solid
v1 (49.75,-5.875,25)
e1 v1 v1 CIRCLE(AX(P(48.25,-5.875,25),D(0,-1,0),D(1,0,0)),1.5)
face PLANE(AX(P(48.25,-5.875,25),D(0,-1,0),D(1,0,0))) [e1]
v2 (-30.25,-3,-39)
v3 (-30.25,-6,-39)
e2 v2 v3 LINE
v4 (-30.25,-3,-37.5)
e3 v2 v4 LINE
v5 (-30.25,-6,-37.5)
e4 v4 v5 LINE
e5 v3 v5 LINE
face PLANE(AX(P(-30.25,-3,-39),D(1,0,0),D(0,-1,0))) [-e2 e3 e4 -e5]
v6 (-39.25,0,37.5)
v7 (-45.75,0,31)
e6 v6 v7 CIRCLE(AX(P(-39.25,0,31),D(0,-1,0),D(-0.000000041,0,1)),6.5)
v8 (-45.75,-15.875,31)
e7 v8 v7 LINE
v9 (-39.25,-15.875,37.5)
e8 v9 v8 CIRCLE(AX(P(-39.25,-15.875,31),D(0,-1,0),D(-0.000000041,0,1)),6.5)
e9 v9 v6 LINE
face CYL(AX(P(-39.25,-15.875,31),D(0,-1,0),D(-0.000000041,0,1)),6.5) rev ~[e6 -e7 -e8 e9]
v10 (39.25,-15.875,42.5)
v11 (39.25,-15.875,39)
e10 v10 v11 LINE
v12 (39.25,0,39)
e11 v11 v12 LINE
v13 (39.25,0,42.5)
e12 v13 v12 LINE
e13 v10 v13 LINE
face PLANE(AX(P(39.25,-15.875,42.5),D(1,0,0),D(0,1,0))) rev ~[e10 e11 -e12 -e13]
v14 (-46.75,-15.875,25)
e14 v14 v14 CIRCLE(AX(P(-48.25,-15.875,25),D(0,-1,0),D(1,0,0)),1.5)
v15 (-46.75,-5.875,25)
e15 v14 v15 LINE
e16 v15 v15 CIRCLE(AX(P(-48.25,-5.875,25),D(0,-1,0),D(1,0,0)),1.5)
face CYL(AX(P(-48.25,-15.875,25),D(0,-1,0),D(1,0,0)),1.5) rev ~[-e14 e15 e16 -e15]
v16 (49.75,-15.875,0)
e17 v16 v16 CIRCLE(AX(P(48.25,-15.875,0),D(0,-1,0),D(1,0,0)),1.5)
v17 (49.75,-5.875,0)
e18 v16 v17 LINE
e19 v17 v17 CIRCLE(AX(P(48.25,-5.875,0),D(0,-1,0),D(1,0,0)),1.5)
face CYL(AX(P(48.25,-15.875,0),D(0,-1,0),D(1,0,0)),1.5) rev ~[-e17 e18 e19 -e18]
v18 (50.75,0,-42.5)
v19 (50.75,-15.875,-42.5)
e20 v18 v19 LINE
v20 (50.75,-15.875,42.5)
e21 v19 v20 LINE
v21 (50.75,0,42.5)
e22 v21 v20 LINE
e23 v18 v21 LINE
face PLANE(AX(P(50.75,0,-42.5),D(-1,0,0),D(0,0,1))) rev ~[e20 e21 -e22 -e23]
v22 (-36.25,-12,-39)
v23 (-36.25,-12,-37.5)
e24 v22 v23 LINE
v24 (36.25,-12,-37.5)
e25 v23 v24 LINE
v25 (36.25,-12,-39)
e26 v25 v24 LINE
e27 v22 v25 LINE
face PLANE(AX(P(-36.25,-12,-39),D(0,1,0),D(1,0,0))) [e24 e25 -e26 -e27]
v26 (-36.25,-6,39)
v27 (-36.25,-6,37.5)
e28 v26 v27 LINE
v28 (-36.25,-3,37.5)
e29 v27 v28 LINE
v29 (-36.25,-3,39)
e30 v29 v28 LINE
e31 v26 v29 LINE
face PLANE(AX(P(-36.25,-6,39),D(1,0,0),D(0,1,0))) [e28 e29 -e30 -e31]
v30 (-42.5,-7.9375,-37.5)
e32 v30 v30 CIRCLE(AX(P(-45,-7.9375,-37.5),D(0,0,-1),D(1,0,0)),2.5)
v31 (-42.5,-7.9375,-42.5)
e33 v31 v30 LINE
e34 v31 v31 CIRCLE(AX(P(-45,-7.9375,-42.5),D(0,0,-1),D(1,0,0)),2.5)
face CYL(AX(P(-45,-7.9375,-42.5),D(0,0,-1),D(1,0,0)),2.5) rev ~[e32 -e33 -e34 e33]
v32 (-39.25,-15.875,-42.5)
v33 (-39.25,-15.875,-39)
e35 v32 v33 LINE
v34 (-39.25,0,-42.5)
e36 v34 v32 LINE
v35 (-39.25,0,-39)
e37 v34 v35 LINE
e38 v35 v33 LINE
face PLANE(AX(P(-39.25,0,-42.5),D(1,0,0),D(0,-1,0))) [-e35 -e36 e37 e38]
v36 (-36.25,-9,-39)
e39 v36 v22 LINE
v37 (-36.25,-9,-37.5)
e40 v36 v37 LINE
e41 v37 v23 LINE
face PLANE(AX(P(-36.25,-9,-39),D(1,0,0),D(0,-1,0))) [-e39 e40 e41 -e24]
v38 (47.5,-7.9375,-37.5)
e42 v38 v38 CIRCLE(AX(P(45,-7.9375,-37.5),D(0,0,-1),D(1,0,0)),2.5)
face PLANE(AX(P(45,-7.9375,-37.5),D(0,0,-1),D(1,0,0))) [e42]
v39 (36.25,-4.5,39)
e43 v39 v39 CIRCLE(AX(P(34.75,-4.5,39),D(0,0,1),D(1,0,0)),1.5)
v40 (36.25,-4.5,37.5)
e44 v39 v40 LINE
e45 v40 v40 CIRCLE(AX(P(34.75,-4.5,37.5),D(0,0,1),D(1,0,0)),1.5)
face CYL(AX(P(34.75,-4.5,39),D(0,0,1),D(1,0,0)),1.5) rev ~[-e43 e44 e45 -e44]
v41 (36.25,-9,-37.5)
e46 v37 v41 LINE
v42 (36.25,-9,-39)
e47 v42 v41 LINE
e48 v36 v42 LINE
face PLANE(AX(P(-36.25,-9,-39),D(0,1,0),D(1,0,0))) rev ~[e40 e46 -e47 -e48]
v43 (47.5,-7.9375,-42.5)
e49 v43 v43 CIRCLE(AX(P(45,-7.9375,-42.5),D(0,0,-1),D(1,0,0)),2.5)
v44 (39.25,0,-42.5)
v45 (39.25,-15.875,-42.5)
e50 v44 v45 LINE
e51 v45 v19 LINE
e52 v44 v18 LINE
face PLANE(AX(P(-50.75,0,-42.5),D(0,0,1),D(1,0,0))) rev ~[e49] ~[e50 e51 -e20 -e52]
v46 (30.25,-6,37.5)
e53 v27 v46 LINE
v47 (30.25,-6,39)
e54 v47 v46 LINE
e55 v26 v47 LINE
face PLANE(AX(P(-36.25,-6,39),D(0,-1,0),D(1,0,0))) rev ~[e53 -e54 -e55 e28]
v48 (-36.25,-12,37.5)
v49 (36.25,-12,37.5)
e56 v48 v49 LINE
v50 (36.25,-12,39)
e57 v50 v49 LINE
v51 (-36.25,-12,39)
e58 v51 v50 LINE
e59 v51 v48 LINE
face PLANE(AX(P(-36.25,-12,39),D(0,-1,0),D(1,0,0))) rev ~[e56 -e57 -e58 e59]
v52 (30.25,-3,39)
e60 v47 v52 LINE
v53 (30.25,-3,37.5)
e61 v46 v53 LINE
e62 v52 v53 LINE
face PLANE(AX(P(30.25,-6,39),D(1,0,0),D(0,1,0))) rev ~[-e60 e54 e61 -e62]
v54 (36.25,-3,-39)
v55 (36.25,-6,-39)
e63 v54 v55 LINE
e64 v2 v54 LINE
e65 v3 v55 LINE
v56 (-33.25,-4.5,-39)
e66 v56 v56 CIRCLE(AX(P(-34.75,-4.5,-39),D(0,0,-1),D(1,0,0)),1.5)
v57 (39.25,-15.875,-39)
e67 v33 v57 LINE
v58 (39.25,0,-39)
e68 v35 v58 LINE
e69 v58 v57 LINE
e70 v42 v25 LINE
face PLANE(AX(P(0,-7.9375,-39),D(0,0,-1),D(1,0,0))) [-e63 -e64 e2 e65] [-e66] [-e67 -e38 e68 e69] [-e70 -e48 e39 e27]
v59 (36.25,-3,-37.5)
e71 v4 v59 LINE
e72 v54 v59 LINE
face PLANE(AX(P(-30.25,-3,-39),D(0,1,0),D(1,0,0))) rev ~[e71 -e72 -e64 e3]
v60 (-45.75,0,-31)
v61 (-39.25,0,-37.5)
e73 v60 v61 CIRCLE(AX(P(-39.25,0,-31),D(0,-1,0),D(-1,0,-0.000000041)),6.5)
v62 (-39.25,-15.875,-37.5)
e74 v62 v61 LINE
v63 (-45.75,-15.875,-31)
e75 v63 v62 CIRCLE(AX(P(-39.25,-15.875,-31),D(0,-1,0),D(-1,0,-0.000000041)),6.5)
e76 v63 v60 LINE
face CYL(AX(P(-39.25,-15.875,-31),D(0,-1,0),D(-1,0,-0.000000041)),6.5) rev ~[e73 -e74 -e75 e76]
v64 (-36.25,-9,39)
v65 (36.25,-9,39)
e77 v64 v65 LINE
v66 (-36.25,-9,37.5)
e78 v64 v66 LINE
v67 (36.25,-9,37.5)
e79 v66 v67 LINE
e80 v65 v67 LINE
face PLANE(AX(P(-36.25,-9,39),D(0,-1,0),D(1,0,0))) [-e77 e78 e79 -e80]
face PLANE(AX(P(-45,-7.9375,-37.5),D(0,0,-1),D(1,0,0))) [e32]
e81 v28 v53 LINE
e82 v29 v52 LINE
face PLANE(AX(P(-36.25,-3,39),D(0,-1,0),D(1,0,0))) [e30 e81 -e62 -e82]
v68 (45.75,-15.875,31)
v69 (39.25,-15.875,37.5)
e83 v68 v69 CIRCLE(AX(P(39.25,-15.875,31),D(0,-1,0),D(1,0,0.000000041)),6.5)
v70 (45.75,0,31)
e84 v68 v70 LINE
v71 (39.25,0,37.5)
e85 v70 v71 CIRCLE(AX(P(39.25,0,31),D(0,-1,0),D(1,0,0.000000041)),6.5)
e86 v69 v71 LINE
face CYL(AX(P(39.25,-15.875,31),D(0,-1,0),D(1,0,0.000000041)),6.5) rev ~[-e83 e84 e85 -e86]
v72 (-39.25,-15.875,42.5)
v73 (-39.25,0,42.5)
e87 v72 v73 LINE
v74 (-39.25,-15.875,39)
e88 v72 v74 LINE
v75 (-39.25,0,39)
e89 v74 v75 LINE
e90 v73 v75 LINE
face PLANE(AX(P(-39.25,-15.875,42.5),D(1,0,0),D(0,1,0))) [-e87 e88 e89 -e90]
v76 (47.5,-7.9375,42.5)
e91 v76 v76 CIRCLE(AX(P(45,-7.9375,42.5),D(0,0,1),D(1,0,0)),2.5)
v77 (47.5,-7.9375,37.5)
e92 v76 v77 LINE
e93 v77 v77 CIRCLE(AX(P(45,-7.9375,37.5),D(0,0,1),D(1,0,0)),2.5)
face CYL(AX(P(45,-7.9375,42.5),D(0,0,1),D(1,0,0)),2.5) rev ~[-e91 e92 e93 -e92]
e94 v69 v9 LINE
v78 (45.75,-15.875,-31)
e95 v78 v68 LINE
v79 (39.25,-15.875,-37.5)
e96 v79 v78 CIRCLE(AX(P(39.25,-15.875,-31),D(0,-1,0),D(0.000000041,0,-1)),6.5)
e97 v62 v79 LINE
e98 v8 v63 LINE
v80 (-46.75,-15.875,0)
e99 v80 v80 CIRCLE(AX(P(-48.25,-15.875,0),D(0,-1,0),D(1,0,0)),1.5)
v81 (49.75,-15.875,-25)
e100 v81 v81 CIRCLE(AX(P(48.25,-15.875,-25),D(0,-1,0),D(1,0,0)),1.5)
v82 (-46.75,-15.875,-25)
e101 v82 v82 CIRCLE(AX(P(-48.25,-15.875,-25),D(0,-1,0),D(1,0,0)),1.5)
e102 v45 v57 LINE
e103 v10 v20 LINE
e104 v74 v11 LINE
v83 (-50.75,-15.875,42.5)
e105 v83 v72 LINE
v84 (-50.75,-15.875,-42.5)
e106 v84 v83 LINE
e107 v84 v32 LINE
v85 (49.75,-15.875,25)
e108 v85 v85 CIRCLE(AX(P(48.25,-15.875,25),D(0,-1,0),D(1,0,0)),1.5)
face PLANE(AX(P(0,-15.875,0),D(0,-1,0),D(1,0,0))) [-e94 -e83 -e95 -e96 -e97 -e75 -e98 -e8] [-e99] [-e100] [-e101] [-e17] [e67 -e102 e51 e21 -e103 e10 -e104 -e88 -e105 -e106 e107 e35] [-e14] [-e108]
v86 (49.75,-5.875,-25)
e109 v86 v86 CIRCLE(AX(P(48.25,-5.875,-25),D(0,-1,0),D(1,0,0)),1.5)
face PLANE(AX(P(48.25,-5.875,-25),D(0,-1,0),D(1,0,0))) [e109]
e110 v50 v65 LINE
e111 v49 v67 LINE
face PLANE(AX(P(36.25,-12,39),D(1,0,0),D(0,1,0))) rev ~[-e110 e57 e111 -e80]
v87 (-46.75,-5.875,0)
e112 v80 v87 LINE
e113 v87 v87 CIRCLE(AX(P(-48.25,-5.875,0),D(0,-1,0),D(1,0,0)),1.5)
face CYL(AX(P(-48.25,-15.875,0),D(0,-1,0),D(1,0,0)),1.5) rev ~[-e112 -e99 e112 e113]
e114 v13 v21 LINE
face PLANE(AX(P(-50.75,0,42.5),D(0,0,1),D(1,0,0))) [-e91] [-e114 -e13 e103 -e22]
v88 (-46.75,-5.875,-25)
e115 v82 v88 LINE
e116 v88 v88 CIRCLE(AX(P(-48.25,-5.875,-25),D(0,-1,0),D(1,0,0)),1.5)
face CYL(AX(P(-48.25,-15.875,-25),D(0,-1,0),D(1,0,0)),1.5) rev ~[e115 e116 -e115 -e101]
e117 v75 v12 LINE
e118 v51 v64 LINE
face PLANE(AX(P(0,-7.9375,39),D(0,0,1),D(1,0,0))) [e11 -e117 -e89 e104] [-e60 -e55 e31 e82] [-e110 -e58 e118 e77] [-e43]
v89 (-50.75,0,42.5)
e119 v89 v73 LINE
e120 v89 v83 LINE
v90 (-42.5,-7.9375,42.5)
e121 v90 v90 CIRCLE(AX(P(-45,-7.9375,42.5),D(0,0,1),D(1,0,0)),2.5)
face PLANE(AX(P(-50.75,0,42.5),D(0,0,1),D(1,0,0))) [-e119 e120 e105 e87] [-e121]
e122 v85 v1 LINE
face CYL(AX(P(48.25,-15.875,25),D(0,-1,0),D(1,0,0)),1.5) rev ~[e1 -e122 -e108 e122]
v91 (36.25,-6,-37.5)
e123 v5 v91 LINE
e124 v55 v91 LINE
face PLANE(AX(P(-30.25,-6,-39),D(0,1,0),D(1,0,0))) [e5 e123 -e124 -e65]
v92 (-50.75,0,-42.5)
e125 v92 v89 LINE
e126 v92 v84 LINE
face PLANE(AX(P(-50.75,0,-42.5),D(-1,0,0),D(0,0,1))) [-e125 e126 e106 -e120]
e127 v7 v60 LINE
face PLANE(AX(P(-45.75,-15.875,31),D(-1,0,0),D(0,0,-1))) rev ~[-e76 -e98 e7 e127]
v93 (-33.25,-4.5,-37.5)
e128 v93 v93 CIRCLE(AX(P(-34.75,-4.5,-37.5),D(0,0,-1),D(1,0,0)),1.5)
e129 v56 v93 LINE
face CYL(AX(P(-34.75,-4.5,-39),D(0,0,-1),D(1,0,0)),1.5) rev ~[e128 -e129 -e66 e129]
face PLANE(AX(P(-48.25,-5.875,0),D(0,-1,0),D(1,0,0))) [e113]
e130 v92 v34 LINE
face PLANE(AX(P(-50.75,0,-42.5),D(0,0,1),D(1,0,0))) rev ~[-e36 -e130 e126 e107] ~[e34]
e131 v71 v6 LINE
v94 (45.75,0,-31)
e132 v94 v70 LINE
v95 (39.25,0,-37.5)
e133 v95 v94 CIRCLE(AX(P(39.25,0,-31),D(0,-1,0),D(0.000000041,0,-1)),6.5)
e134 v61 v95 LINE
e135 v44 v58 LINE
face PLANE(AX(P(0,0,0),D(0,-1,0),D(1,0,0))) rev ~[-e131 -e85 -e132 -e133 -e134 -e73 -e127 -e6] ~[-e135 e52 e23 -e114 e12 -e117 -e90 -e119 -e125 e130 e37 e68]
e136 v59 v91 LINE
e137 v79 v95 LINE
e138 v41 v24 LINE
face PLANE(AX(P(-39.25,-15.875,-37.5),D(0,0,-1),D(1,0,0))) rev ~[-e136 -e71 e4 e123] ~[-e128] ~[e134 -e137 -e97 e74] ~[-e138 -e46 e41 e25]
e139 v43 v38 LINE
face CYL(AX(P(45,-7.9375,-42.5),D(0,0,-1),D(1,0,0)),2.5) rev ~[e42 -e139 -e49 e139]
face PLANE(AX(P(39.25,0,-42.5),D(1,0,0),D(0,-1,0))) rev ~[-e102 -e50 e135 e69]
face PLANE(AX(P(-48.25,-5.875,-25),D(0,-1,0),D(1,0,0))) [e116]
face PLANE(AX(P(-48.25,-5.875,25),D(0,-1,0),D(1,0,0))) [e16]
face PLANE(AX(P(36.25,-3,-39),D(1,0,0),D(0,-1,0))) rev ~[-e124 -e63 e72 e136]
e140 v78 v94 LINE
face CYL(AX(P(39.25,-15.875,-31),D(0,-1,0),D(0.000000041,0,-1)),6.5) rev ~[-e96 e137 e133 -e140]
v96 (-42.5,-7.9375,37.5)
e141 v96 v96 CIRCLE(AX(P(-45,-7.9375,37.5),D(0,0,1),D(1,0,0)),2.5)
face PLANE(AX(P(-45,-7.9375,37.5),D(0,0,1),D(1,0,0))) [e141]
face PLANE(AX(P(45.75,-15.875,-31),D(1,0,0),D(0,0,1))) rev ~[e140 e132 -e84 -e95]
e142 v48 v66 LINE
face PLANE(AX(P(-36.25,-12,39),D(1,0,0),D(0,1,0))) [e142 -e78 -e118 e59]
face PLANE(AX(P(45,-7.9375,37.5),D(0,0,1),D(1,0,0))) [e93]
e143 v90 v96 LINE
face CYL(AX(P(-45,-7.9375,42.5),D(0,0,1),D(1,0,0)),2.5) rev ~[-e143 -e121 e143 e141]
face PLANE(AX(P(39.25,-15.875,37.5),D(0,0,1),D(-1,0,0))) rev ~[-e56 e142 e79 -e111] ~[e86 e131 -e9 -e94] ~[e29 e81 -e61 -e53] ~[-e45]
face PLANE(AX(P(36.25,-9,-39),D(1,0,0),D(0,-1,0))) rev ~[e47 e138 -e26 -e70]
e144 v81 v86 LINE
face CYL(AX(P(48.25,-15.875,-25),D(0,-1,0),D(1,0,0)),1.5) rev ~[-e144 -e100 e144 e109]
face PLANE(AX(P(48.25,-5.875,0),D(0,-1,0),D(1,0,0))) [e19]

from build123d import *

# Parameters (mm, degrees)
F0_W      = 101.5
F0_H      = 85
F1_DEPTH  = 15.875
F3_DEPTH  = 25
F4_W      = 78.5
F4_H      = 15.875
F5_DEPTH  = 3.5
F6_W      = 78.5
F6_H      = 15.875
F7_DEPTH  = 3.5
F8_R      = 1.5
F8_W      = 66.5
F8_H      = 3
F8_W_2    = 72.5
F9_DEPTH  = 25
F10_W     = 72.5
F10_H     = 3
F10_W_2   = 66.5
F10_R     = 1.5
F11_DEPTH = 25
F12_R     = 2.5
F13_DEPTH = 5
F14_R     = 2.5
F15_DEPTH = 5
F16_R     = 2.5
F17_DEPTH = 5
F18_R     = 2.5
F19_DEPTH = 5
F20_R     = 1.5
F21_DEPTH = 10


with BuildPart() as f1:
    # F0 (on Front) → F1 (new body)
    with BuildSketch(Plane.XZ):
        Rectangle(F0_W, F0_H)
    extrude(amount=F1_DEPTH)

    # F2 (on face) → F3 (cut)
    with BuildSketch(Plane.XZ.offset(15.875)):
        with BuildLine():
            Line((-45.75, 31), (-45.75, -31))
            ThreePointArc((-45.75, -31), (-43.846194, -35.596194), (-39.25, -37.5))
            Line((-39.25, -37.5), (39.25, -37.5))
            ThreePointArc((39.25, -37.5), (43.846194, -35.596194), (45.75, -31))
            Line((45.75, -31), (45.75, 31))
            ThreePointArc((45.75, 31), (43.846194, 35.596194), (39.25, 37.5))
            Line((39.25, 37.5), (-39.25, 37.5))
            ThreePointArc((-39.25, 37.5), (-43.846194, 35.596194), (-45.75, 31))
        make_face()
    extrude(amount=-F3_DEPTH, mode=Mode.SUBTRACT)

    # F4 (on face) → F5 (cut)
    with BuildSketch(Plane.XY.offset(42.5)):
        with Locations((0, -7.9375)):
            Rectangle(F4_W, F4_H)
    extrude(amount=-F5_DEPTH, mode=Mode.SUBTRACT)

    # F6 (on face) → F7 (cut)
    with BuildSketch(Plane(origin=(0, 0, -42.5), x_dir=(1, 0, 0), z_dir=(0, 0, -1))):
        with Locations((0, 7.9375)):
            Rectangle(F6_W, F6_H)
    extrude(amount=-F7_DEPTH, mode=Mode.SUBTRACT)

    # F8 (on face) → F9 (cut)
    with BuildSketch(Plane.XY.offset(39)):
        with Locations((34.75, -4.5)):
            Circle(F8_R)
        with Locations((-3, -4.5)):
            Rectangle(F8_W, F8_H)
        with Locations((0, -10.5)):
            Rectangle(F8_W_2, F8_H)
    extrude(amount=-F9_DEPTH, mode=Mode.SUBTRACT)

    # F10 (on face) → F11 (cut)
    with BuildSketch(Plane(origin=(0, 0, -39), x_dir=(1, 0, 0), z_dir=(0, 0, -1))):
        with Locations((0, 10.5)):
            Rectangle(F10_W, F10_H)
        with Locations((3, 4.5)):
            Rectangle(F10_W_2, F10_H)
        with Locations((-34.75, 4.5)):
            Circle(F10_R)
    extrude(amount=-F11_DEPTH, mode=Mode.SUBTRACT)

    # F12 (on face) → F13 (cut)
    with BuildSketch(Plane(origin=(0, 0, -42.5), x_dir=(1, 0, 0), z_dir=(0, 0, -1))):
        with Locations((-45, 7.9375)):
            Circle(F12_R)
    extrude(amount=-F13_DEPTH, mode=Mode.SUBTRACT)

    # F14 (on face) → F15 (cut)
    with BuildSketch(Plane(origin=(0, 0, -42.5), x_dir=(1, 0, 0), z_dir=(0, 0, -1))):
        with Locations((45, 7.9375)):
            Circle(F14_R)
    extrude(amount=-F15_DEPTH, mode=Mode.SUBTRACT)

    # F16 (on face) → F17 (cut)
    with BuildSketch(Plane.XY.offset(42.5)):
        with Locations((-45, -7.9375)):
            Circle(F16_R)
    extrude(amount=-F17_DEPTH, mode=Mode.SUBTRACT)

    # F18 (on face) → F19 (cut)
    with BuildSketch(Plane.XY.offset(42.5)):
        with Locations((45, -7.9375)):
            Circle(F18_R)
    extrude(amount=-F19_DEPTH, mode=Mode.SUBTRACT)

    # F20 (on face) → F21 (cut)
    with BuildSketch(Plane.XZ.offset(15.875)):
        with Locations((-48.25, 25)):
            Circle(F20_R)
        with Locations((-48.25, 0)):
            Circle(F20_R)
        with Locations((-48.25, -25)):
            Circle(F20_R)
        with Locations((48.25, -25)):
            Circle(F20_R)
        with Locations((48.25, 0)):
            Circle(F20_R)
        with Locations((48.25, 25)):
            Circle(F20_R)
    extrude(amount=-F21_DEPTH, mode=Mode.SUBTRACT)


solid = f1.part
